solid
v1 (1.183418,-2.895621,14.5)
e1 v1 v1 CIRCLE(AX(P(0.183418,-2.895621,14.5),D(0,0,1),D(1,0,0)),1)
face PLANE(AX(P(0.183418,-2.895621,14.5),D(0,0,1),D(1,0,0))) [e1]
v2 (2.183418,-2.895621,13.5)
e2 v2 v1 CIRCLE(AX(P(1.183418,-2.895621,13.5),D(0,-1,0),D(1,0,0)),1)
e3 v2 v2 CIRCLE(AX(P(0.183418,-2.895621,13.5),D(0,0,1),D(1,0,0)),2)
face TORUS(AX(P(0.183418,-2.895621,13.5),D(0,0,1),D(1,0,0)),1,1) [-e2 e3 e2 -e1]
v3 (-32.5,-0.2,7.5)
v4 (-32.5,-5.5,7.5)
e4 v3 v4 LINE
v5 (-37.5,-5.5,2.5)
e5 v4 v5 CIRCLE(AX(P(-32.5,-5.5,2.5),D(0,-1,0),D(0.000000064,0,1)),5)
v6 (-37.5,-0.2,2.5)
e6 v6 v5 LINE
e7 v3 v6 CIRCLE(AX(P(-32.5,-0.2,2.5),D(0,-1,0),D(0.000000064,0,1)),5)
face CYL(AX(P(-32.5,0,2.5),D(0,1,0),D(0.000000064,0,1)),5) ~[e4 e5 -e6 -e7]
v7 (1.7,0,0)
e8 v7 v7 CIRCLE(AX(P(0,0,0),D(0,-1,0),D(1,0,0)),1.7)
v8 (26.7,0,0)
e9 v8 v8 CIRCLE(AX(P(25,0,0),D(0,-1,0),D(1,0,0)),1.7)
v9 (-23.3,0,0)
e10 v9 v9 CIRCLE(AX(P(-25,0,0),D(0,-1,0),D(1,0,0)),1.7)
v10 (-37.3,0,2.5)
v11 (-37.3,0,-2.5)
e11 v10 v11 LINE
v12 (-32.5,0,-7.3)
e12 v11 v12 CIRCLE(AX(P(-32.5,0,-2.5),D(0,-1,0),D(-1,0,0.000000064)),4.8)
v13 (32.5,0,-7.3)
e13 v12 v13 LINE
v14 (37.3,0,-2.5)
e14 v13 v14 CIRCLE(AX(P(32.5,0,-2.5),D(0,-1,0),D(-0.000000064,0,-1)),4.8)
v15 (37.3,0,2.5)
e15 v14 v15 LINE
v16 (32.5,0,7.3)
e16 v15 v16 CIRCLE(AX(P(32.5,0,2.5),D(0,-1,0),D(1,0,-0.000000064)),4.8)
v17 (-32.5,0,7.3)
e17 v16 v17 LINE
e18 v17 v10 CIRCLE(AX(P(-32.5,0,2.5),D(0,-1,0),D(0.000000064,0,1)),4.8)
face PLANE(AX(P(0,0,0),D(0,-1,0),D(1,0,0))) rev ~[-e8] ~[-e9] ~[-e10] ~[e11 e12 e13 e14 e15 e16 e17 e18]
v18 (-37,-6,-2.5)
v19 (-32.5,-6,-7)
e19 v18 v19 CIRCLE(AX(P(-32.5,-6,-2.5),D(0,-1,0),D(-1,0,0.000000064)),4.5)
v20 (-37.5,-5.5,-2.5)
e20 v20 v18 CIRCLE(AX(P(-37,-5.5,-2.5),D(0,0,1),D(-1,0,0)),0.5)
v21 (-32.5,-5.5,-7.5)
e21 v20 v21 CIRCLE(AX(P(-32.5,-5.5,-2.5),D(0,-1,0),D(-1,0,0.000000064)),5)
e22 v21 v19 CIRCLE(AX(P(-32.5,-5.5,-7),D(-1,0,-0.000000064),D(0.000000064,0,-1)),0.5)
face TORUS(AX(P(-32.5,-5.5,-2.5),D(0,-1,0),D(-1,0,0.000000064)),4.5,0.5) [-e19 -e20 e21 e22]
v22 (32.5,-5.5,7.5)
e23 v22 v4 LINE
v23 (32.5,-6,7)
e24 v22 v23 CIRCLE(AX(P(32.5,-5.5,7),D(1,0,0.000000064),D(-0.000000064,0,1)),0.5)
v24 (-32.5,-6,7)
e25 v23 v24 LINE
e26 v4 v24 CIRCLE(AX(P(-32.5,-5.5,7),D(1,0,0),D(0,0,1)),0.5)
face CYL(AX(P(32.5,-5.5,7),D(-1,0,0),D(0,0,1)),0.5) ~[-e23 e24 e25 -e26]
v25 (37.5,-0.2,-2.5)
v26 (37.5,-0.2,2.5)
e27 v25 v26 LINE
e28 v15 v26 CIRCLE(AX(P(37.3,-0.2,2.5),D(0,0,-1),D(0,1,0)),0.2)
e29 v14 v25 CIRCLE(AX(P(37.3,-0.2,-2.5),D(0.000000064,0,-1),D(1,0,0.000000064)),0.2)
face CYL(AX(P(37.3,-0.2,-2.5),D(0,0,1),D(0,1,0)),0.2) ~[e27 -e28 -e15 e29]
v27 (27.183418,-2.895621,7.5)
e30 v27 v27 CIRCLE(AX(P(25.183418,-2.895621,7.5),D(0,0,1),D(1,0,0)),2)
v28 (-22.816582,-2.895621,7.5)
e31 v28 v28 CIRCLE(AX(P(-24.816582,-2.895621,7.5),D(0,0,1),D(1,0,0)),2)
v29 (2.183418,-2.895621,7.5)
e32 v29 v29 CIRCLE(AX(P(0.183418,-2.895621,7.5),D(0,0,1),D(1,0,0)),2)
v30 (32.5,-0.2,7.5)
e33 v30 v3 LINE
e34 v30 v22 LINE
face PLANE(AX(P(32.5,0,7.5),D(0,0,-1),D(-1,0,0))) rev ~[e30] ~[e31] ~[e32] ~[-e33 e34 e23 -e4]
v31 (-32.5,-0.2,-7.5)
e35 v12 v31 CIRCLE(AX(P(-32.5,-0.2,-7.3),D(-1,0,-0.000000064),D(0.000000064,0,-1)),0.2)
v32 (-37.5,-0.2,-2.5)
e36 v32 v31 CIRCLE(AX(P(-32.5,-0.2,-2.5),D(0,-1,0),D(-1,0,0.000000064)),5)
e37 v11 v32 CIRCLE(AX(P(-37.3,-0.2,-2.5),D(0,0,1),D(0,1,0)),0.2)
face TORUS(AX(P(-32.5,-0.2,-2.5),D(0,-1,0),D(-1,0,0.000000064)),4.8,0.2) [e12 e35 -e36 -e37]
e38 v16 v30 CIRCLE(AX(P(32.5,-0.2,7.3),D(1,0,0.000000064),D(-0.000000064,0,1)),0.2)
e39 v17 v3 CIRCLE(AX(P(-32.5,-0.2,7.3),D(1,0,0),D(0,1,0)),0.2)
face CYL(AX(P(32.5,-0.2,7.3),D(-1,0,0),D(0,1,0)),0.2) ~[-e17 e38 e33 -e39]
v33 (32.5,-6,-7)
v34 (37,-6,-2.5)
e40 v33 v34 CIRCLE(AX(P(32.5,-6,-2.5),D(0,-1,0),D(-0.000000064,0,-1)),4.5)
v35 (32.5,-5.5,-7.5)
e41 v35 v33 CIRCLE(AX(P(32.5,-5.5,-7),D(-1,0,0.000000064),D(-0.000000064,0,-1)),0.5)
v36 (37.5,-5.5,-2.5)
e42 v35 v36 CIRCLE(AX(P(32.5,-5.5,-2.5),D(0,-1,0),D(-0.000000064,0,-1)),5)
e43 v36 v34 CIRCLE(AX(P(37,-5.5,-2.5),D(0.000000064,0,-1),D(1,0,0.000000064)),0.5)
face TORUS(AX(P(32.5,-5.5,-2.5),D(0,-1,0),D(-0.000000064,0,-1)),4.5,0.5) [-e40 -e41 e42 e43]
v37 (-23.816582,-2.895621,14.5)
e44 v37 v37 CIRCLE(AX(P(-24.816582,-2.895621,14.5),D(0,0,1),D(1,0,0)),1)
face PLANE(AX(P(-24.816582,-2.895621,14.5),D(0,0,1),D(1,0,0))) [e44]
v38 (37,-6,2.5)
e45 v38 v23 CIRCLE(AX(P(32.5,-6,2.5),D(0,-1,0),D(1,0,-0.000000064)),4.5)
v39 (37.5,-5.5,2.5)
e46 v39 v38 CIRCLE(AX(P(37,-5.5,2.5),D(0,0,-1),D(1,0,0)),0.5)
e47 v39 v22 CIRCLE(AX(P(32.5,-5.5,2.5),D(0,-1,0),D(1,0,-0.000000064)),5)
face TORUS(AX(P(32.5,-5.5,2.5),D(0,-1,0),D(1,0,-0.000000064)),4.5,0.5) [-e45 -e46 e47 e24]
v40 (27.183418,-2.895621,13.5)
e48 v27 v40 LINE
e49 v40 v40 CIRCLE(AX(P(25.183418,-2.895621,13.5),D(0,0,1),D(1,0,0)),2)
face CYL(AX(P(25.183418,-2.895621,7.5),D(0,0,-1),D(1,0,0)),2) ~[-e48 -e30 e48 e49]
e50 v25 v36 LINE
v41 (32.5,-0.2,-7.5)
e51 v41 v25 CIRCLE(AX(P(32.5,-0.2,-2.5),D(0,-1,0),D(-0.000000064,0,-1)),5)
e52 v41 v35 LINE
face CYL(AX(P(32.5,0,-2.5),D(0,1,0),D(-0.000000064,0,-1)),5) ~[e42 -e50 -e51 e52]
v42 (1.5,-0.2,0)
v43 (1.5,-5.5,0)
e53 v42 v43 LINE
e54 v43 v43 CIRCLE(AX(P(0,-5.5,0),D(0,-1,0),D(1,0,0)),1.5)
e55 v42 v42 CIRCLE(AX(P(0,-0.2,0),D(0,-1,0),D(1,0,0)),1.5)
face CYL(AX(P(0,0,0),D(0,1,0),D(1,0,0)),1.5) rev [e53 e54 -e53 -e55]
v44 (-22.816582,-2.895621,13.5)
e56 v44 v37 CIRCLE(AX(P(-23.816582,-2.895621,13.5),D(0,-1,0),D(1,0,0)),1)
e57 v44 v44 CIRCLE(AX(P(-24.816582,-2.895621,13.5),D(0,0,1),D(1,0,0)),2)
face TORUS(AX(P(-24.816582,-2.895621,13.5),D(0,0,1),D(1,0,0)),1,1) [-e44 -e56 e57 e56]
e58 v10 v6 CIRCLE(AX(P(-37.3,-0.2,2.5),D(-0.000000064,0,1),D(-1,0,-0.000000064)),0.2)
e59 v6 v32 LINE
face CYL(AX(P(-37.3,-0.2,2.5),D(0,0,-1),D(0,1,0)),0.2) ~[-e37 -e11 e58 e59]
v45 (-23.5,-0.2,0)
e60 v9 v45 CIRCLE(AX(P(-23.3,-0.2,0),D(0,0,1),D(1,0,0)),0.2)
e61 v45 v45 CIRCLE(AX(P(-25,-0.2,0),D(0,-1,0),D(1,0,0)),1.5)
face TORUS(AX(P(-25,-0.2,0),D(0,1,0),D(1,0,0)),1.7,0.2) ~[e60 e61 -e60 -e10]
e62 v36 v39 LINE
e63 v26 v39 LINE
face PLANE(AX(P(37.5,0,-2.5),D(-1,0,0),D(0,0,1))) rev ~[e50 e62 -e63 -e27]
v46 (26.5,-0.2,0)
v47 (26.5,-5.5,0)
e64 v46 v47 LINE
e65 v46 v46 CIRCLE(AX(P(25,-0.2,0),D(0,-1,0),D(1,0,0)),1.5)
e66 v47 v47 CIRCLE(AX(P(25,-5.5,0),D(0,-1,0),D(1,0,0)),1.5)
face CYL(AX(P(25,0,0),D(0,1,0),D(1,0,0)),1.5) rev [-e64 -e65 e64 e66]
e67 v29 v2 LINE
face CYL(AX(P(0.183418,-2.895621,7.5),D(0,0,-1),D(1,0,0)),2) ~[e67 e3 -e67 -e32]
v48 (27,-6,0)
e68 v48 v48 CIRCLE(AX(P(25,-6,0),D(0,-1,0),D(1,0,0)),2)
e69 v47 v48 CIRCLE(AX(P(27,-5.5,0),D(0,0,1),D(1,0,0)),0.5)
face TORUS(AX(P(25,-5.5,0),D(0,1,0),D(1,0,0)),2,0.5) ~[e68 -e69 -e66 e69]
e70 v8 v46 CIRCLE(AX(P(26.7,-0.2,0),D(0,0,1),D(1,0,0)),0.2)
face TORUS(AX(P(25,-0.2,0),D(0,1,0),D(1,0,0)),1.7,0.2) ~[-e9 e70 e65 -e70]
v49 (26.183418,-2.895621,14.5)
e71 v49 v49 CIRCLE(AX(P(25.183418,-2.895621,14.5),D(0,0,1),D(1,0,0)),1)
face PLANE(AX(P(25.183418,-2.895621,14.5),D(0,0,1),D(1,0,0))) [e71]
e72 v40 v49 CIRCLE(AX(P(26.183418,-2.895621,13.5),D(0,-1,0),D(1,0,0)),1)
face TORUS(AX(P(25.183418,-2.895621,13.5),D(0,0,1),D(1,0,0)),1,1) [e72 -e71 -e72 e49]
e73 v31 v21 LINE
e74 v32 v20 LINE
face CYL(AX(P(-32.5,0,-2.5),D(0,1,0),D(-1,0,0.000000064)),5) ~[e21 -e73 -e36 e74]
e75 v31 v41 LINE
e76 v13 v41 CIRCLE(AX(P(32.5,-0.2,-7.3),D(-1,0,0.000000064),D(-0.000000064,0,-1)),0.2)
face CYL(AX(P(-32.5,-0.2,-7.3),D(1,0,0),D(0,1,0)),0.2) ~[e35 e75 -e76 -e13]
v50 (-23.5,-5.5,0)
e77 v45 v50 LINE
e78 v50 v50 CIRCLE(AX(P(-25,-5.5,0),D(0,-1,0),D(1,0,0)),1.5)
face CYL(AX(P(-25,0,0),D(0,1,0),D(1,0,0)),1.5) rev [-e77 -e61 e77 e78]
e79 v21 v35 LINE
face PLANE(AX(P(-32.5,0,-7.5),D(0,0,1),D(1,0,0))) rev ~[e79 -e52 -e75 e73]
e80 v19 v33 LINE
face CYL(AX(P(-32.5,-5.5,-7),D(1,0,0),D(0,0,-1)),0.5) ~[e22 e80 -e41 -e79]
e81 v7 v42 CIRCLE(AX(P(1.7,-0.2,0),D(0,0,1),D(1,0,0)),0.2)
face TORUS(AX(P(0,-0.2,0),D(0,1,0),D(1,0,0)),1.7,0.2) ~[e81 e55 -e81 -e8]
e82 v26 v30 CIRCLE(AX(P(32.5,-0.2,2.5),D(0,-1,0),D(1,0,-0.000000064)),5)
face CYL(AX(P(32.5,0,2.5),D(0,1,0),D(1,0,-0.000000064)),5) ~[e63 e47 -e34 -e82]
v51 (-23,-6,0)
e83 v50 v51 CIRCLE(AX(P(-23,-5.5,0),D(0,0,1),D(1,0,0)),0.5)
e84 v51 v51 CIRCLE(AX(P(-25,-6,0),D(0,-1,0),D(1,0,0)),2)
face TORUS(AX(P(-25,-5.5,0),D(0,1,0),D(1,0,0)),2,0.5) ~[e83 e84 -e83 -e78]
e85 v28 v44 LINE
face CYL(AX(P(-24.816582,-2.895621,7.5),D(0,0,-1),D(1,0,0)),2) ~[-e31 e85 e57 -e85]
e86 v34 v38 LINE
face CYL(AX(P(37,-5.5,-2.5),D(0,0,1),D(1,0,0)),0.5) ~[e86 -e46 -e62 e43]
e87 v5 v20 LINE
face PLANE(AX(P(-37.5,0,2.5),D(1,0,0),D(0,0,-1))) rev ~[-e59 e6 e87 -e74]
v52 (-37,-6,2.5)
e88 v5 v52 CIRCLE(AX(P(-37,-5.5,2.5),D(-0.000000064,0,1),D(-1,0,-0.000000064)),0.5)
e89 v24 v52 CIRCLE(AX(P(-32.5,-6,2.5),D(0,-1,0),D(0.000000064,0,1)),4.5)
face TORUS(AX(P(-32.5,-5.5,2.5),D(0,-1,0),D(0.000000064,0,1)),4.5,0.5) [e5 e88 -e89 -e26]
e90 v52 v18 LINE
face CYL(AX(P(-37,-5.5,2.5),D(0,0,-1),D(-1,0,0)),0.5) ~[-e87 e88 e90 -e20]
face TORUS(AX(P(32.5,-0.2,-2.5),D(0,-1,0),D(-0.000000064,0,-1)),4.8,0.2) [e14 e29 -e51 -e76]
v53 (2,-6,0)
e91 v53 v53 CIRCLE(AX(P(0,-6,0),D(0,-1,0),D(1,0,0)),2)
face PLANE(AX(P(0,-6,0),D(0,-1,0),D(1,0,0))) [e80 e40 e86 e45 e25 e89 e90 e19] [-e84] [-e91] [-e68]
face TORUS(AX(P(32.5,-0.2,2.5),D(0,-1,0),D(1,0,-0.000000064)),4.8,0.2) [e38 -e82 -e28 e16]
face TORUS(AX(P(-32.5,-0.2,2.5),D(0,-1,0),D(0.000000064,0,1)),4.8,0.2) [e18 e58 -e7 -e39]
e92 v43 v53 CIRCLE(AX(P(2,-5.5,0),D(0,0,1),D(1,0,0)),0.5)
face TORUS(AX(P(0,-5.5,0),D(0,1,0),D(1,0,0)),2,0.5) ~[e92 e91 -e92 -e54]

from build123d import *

# Parameters (mm, degrees)
F0_R     = 1.5
F1_DEPTH = 6
F2_R     = 0.5
F3_R     = 0.2
F4_R     = 2
F5_DEPTH = 7
F6_R     = 1


with BuildPart() as f1:
    # F0 (on Front) → F1 (new body)
    with BuildSketch(Plane.XZ):
        with BuildLine():
            ThreePointArc((37.5, 2.5), (36.035534, 6.035534), (32.5, 7.5))
            Line((32.5, 7.5), (-32.5, 7.5))
            ThreePointArc((-32.5, 7.5), (-36.035534, 6.035534), (-37.5, 2.5))
            Line((-37.5, 2.5), (-37.5, -2.5))
            ThreePointArc((-37.5, -2.5), (-36.035534, -6.035534), (-32.5, -7.5))
            Line((-32.5, -7.5), (32.5, -7.5))
            ThreePointArc((32.5, -7.5), (36.035534, -6.035534), (37.5, -2.5))
            Line((37.5, -2.5), (37.5, 2.5))
        make_face()
        with Locations((-25, 0)):
            Circle(F0_R, mode=Mode.SUBTRACT)
        Circle(F0_R, mode=Mode.SUBTRACT)
        with Locations((25, 0)):
            Circle(F0_R, mode=Mode.SUBTRACT)
    extrude(amount=F1_DEPTH)

    # F2
    f2_edges = [f1.edges().sort_by_distance(p)[0] for p in [
        (36.035534, -6, -6.035534),
        (37.5, -6, 0),
        (36.035534, -6, 6.035534),
        (0, -6, 7.5),
        (-36.035534, -6, 6.035534),
        (-37.5, -6, 0),
        (-36.035534, -6, -6.035534),
        (0, -6, -7.5),
        (-26.5, -6, 0),
        (-1.5, -6, 0),
        (23.5, -6, 0),
    ]]
    fillet(f2_edges, radius=F2_R)

    # F3
    f3_edges = [f1.edges().sort_by_distance(p)[0] for p in [
        (36.035534, 0, -6.035534),
        (37.5, 0, 0),
        (36.035534, 0, 6.035534),
        (0, 0, 7.5),
        (-36.035534, 0, 6.035534),
        (-37.5, 0, 0),
        (-36.035534, 0, -6.035534),
        (0, 0, -7.5),
        (-26.5, 0, 0),
        (-1.5, 0, 0),
        (23.5, 0, 0),
    ]]
    fillet(f3_edges, radius=F3_R)

    # F4 (on face) → F5 (join)
    with BuildSketch(Plane.XY.offset(7.5)):
        with Locations((-24.816582, -2.895621)):
            Circle(F4_R)
        with Locations((0.183418, -2.895621)):
            Circle(F4_R)
        with Locations((25.183418, -2.895621)):
            Circle(F4_R)
    extrude(amount=F5_DEPTH)

    # F6
    f6_edges = [f1.edges().sort_by_distance(p)[0] for p in [
        (-26.816582, -2.895621, 14.5),
        (-1.816582, -2.895621, 14.5),
        (23.183418, -2.895621, 14.5),
    ]]
    fillet(f6_edges, radius=F6_R)


solid = f1.part
